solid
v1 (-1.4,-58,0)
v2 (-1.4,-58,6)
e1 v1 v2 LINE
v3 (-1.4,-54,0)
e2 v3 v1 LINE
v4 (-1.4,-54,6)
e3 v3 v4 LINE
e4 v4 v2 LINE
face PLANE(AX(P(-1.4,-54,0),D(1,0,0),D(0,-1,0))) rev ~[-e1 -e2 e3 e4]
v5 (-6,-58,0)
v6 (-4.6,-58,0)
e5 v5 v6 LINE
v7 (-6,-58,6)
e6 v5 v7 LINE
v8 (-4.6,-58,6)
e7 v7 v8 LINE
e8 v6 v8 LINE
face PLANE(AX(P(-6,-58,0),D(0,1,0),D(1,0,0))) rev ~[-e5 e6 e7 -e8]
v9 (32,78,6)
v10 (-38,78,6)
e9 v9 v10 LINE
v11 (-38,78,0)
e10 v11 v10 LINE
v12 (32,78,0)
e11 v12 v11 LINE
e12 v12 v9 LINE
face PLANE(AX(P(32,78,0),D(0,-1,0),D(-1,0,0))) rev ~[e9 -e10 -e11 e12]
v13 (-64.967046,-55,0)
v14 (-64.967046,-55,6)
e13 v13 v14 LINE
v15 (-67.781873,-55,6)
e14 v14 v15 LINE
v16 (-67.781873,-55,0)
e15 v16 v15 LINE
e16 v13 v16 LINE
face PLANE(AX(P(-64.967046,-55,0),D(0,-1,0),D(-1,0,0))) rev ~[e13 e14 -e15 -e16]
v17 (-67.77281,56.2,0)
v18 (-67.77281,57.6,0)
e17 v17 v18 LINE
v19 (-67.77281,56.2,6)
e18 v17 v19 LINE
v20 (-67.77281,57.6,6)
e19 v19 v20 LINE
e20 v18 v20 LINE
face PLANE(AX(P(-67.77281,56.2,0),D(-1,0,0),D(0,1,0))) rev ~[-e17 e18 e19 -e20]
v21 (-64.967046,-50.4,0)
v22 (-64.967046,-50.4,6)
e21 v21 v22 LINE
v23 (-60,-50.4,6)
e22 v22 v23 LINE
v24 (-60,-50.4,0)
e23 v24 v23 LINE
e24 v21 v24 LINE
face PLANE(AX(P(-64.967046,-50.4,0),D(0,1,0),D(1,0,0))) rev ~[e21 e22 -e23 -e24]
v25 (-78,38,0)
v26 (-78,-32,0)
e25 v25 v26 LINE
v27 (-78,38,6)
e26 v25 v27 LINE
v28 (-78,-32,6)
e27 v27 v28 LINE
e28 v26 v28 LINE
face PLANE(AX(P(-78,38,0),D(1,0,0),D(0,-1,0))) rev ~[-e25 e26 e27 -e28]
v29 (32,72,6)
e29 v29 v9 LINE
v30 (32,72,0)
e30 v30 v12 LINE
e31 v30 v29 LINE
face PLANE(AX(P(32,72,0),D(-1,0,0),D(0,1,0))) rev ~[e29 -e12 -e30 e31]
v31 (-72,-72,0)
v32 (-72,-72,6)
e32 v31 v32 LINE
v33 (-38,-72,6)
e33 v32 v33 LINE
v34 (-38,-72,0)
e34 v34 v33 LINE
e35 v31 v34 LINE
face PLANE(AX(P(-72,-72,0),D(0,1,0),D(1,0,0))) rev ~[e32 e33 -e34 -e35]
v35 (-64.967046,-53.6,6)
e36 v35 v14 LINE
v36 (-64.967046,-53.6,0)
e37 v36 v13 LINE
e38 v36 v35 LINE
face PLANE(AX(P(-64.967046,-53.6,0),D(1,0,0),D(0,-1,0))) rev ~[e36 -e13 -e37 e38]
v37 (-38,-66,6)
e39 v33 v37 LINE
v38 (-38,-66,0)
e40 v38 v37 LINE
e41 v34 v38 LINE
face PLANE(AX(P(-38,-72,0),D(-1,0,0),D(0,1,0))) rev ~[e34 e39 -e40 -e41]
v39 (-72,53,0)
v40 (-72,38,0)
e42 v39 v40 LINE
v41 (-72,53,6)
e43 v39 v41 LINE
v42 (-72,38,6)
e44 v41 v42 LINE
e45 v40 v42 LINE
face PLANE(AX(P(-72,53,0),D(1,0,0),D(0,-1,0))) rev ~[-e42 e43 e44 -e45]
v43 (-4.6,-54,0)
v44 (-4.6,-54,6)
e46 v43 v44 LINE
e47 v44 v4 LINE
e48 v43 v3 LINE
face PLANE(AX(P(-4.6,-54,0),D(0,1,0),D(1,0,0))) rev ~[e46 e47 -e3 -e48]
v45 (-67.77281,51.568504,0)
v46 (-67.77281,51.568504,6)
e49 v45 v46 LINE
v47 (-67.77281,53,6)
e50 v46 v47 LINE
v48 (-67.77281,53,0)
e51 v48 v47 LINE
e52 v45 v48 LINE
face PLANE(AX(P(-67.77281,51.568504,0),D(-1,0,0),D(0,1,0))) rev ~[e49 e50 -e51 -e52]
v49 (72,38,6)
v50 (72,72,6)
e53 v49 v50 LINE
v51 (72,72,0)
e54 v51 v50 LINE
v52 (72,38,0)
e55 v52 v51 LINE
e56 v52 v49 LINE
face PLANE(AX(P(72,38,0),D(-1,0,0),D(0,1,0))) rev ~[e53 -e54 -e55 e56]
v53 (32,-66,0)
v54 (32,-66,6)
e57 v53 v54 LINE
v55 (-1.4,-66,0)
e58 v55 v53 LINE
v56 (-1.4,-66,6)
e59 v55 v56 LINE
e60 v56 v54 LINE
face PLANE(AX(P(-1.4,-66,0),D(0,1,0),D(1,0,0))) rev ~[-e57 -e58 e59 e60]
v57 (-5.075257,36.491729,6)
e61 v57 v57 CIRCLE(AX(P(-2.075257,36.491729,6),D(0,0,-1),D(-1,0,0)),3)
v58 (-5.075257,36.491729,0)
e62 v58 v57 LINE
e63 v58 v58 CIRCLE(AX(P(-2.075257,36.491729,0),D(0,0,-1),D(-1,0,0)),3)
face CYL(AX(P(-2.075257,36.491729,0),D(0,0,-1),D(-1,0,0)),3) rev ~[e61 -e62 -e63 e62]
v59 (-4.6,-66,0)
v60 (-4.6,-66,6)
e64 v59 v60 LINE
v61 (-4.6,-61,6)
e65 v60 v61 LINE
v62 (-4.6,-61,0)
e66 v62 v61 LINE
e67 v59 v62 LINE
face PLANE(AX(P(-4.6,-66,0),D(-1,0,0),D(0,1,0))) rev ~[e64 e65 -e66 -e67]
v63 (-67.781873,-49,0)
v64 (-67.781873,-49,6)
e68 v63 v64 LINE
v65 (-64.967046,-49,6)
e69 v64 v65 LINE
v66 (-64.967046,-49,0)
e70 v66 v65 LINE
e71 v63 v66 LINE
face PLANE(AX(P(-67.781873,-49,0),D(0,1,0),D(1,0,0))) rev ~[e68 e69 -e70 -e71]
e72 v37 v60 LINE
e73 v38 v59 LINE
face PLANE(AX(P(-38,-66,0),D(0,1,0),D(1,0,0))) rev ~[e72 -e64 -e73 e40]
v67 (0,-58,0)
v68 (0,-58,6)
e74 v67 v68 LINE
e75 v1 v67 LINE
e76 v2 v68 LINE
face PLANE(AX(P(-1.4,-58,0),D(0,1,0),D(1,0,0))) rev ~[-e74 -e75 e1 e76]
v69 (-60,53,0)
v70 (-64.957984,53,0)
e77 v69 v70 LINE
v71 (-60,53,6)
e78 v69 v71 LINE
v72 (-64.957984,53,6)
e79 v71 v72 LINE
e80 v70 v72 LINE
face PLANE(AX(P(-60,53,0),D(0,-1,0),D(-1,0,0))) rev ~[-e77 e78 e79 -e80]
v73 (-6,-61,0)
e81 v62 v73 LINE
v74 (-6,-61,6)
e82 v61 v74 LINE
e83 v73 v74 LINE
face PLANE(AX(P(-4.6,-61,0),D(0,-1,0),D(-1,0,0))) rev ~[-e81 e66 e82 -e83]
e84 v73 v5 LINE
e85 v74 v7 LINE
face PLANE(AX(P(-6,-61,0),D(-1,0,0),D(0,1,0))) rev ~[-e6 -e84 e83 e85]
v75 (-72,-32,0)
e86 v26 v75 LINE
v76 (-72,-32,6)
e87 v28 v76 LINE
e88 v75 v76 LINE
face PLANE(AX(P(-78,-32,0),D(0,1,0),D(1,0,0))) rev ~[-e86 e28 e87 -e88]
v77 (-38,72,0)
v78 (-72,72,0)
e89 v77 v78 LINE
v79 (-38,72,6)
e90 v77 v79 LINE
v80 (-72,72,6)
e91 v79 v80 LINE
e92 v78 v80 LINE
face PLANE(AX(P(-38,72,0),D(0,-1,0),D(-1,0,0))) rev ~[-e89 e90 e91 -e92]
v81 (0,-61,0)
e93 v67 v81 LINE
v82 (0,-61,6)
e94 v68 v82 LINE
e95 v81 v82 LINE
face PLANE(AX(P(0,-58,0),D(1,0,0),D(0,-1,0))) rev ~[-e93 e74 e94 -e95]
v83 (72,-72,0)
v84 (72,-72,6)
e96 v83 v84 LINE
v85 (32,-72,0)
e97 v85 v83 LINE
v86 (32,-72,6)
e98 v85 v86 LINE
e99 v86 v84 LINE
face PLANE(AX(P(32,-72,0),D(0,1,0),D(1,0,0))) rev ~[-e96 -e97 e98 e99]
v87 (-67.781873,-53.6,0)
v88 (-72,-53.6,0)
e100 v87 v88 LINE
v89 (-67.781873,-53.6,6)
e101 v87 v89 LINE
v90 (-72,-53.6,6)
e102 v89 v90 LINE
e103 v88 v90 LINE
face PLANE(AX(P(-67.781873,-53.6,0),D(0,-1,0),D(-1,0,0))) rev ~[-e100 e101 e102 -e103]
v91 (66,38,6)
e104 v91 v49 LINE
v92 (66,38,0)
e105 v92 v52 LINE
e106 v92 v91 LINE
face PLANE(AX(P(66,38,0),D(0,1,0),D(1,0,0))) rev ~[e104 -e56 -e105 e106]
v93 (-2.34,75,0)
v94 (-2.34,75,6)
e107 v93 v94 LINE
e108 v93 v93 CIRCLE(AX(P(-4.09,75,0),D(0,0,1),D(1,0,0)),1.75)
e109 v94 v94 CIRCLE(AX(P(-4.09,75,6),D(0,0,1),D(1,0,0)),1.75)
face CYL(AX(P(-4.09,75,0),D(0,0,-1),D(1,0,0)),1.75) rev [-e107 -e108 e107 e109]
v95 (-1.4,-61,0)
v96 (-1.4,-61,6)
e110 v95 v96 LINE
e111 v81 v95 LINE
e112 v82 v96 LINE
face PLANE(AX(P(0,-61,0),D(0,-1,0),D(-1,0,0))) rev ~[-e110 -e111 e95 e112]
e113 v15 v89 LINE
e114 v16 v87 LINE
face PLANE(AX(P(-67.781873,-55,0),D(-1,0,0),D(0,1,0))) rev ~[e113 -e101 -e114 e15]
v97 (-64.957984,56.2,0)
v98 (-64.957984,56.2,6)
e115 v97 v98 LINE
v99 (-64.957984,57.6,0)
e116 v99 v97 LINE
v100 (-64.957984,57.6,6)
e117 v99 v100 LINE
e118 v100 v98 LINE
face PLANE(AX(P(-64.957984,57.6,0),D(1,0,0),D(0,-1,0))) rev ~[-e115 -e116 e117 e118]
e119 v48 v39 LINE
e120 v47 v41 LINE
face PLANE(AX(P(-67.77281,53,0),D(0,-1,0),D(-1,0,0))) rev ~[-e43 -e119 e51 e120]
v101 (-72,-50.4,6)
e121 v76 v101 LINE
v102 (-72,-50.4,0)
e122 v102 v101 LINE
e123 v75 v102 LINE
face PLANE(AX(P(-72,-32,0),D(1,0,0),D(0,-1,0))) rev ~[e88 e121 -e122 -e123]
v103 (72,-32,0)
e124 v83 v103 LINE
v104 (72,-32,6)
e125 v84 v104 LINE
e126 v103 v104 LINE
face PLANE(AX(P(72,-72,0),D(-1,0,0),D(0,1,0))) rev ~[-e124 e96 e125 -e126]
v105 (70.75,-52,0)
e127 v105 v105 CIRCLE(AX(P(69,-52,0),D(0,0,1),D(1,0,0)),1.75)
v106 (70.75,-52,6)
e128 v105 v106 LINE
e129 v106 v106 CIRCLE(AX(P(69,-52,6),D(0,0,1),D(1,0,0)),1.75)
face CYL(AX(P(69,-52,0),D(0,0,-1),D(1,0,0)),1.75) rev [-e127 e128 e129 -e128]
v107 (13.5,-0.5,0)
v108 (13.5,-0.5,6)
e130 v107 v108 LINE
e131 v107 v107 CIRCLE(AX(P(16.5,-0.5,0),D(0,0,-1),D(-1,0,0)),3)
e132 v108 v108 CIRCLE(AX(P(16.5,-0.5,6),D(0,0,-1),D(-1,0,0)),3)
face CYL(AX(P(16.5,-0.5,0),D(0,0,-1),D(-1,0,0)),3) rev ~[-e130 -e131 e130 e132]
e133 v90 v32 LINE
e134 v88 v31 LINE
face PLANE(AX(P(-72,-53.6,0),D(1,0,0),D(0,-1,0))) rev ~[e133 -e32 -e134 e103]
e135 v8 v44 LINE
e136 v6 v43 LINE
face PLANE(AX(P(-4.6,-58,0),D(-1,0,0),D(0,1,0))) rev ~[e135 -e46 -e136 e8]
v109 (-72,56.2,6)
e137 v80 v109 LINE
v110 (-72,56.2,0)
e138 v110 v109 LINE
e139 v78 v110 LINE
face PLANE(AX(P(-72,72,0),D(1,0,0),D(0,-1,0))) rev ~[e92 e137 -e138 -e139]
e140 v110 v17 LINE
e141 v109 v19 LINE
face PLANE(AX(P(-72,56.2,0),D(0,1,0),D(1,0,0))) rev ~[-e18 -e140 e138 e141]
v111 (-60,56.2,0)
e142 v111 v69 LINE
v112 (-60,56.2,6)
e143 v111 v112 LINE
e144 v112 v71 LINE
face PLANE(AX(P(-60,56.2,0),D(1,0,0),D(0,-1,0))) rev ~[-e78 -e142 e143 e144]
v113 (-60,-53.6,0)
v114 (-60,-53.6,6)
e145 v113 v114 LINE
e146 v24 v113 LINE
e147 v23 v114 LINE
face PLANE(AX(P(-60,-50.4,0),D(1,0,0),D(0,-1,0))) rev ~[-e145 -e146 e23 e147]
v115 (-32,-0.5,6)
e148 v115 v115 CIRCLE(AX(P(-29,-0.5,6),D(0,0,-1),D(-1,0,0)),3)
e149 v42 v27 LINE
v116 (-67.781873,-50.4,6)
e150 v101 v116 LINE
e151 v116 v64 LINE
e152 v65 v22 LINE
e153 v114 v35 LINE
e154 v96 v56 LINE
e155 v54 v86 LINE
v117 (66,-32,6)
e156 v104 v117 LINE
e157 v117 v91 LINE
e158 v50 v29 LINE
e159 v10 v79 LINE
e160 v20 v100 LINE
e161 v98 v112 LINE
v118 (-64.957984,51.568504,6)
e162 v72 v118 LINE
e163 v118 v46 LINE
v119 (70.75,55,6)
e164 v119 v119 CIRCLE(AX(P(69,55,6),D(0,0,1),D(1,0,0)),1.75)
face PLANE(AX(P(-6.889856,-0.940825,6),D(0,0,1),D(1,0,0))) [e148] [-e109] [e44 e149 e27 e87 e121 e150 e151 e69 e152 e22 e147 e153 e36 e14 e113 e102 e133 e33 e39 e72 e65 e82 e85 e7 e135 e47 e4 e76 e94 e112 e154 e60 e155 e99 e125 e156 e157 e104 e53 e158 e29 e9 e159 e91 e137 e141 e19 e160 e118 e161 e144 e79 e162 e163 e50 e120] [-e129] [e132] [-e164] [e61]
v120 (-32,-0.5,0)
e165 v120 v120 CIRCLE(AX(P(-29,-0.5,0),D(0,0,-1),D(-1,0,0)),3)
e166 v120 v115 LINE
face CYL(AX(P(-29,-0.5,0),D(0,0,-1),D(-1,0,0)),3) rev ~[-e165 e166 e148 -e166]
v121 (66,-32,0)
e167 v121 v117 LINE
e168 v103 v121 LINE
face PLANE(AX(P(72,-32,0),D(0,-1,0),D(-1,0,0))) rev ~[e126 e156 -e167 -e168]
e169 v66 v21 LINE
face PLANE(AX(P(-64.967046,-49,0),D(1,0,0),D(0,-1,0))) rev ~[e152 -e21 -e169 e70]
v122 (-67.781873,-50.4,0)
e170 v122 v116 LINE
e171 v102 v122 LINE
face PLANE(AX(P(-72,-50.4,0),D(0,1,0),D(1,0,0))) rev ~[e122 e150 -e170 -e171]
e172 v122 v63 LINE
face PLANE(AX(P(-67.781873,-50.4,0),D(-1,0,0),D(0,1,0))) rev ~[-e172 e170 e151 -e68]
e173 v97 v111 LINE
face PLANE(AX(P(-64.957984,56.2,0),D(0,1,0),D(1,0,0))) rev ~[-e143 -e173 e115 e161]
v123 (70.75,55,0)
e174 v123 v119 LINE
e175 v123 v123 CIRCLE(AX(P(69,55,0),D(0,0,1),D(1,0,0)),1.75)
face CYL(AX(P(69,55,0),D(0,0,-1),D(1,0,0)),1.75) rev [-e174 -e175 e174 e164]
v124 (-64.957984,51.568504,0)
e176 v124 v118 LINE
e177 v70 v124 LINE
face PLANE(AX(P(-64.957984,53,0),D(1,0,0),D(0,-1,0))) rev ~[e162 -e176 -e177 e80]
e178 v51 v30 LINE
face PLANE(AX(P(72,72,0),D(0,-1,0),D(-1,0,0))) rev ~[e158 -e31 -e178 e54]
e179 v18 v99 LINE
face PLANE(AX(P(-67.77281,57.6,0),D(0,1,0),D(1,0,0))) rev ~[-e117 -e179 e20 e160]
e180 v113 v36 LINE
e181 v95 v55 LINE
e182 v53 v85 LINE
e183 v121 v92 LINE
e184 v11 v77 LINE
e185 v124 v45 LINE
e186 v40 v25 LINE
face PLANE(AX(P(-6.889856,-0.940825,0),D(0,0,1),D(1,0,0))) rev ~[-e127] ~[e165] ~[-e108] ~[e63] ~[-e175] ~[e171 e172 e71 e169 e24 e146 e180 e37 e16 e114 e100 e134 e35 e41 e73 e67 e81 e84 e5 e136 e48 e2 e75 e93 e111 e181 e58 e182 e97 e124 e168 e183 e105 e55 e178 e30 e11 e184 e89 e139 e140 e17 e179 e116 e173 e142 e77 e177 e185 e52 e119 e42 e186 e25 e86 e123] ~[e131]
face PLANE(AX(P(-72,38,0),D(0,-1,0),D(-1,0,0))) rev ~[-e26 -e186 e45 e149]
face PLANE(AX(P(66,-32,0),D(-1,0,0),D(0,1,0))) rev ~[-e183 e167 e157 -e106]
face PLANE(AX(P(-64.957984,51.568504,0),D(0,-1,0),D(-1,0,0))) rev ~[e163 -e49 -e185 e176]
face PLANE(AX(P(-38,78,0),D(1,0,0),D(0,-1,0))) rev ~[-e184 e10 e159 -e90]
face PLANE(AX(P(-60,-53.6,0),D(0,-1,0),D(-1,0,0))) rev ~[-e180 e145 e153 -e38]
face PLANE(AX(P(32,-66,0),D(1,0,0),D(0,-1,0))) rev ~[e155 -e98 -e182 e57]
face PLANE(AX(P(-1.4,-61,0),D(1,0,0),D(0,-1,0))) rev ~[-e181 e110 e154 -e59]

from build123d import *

# Parameters (mm, degrees)
SKETCH1_R           = 1.75
BOSS_EXTRUDE2_DEPTH = 6
SKETCH2_R           = 3
CUT_EXTRUDE1_DEPTH  = 7


with BuildPart() as part:
    # Sketch1 → Boss-Extrude2 (new body)
    with BuildSketch(Plane.XY):
        Polygon((72, 72), (32, 72), (32, 78), (-38, 78), (-38, 72), (-72, 72), (-72, 56.2), (-67.772810154, 56.2), (-67.772810154, 57.6), (-64.957983727, 57.6), (-64.957983727, 56.2), (-60, 56.2), (-60, 53), (-64.957983727, 53), (-64.957983727, 51.568504207), (-67.772810154, 51.568504207), (-67.772810154, 53), (-72, 53), (-72, 38), (-78, 38), (-78, -32), (-72, -32), (-72, -50.4), (-67.78187279, -50.4), (-67.78187279, -49), (-64.967046362, -49), (-64.967046362, -50.4), (-60, -50.4), (-60, -53.6), (-64.967046362, -53.6), (-64.967046362, -55), (-67.78187279, -55), (-67.78187279, -53.6), (-72, -53.6), (-72, -72), (-38, -72), (-38, -66), (-4.6, -66), (-4.6, -61), (-6, -61), (-6, -58), (-4.6, -58), (-4.6, -54), (-1.4, -54), (-1.4, -58), (0, -58), (0, -61), (-1.4, -61), (-1.4, -66), (32, -66), (32, -72), (72, -72), (72, -32), (66, -32), (66, 38), (72, 38), align=None)
        with Locations((69, -52)):
            Circle(SKETCH1_R, mode=Mode.SUBTRACT)
        with Locations((69, 55)):
            Circle(SKETCH1_R, mode=Mode.SUBTRACT)
        with Locations((-4.09, 75)):
            Circle(SKETCH1_R, mode=Mode.SUBTRACT)
    extrude(amount=BOSS_EXTRUDE2_DEPTH)

    # Sketch2 → Cut-Extrude1 (cut, through all)
    with BuildSketch(Plane(origin=(0, 0, 0), x_dir=(-1, 0, 0), z_dir=(0, 0, -1))):
        with Locations((2.075257159, 36.491728523)):
            Circle(SKETCH2_R)
        with Locations((-16.5, -0.5)):
            Circle(SKETCH2_R)
        with Locations((29, -0.5)):
            Circle(SKETCH2_R)
    extrude(amount=-CUT_EXTRUDE1_DEPTH, mode=Mode.SUBTRACT)


solid = part.part
